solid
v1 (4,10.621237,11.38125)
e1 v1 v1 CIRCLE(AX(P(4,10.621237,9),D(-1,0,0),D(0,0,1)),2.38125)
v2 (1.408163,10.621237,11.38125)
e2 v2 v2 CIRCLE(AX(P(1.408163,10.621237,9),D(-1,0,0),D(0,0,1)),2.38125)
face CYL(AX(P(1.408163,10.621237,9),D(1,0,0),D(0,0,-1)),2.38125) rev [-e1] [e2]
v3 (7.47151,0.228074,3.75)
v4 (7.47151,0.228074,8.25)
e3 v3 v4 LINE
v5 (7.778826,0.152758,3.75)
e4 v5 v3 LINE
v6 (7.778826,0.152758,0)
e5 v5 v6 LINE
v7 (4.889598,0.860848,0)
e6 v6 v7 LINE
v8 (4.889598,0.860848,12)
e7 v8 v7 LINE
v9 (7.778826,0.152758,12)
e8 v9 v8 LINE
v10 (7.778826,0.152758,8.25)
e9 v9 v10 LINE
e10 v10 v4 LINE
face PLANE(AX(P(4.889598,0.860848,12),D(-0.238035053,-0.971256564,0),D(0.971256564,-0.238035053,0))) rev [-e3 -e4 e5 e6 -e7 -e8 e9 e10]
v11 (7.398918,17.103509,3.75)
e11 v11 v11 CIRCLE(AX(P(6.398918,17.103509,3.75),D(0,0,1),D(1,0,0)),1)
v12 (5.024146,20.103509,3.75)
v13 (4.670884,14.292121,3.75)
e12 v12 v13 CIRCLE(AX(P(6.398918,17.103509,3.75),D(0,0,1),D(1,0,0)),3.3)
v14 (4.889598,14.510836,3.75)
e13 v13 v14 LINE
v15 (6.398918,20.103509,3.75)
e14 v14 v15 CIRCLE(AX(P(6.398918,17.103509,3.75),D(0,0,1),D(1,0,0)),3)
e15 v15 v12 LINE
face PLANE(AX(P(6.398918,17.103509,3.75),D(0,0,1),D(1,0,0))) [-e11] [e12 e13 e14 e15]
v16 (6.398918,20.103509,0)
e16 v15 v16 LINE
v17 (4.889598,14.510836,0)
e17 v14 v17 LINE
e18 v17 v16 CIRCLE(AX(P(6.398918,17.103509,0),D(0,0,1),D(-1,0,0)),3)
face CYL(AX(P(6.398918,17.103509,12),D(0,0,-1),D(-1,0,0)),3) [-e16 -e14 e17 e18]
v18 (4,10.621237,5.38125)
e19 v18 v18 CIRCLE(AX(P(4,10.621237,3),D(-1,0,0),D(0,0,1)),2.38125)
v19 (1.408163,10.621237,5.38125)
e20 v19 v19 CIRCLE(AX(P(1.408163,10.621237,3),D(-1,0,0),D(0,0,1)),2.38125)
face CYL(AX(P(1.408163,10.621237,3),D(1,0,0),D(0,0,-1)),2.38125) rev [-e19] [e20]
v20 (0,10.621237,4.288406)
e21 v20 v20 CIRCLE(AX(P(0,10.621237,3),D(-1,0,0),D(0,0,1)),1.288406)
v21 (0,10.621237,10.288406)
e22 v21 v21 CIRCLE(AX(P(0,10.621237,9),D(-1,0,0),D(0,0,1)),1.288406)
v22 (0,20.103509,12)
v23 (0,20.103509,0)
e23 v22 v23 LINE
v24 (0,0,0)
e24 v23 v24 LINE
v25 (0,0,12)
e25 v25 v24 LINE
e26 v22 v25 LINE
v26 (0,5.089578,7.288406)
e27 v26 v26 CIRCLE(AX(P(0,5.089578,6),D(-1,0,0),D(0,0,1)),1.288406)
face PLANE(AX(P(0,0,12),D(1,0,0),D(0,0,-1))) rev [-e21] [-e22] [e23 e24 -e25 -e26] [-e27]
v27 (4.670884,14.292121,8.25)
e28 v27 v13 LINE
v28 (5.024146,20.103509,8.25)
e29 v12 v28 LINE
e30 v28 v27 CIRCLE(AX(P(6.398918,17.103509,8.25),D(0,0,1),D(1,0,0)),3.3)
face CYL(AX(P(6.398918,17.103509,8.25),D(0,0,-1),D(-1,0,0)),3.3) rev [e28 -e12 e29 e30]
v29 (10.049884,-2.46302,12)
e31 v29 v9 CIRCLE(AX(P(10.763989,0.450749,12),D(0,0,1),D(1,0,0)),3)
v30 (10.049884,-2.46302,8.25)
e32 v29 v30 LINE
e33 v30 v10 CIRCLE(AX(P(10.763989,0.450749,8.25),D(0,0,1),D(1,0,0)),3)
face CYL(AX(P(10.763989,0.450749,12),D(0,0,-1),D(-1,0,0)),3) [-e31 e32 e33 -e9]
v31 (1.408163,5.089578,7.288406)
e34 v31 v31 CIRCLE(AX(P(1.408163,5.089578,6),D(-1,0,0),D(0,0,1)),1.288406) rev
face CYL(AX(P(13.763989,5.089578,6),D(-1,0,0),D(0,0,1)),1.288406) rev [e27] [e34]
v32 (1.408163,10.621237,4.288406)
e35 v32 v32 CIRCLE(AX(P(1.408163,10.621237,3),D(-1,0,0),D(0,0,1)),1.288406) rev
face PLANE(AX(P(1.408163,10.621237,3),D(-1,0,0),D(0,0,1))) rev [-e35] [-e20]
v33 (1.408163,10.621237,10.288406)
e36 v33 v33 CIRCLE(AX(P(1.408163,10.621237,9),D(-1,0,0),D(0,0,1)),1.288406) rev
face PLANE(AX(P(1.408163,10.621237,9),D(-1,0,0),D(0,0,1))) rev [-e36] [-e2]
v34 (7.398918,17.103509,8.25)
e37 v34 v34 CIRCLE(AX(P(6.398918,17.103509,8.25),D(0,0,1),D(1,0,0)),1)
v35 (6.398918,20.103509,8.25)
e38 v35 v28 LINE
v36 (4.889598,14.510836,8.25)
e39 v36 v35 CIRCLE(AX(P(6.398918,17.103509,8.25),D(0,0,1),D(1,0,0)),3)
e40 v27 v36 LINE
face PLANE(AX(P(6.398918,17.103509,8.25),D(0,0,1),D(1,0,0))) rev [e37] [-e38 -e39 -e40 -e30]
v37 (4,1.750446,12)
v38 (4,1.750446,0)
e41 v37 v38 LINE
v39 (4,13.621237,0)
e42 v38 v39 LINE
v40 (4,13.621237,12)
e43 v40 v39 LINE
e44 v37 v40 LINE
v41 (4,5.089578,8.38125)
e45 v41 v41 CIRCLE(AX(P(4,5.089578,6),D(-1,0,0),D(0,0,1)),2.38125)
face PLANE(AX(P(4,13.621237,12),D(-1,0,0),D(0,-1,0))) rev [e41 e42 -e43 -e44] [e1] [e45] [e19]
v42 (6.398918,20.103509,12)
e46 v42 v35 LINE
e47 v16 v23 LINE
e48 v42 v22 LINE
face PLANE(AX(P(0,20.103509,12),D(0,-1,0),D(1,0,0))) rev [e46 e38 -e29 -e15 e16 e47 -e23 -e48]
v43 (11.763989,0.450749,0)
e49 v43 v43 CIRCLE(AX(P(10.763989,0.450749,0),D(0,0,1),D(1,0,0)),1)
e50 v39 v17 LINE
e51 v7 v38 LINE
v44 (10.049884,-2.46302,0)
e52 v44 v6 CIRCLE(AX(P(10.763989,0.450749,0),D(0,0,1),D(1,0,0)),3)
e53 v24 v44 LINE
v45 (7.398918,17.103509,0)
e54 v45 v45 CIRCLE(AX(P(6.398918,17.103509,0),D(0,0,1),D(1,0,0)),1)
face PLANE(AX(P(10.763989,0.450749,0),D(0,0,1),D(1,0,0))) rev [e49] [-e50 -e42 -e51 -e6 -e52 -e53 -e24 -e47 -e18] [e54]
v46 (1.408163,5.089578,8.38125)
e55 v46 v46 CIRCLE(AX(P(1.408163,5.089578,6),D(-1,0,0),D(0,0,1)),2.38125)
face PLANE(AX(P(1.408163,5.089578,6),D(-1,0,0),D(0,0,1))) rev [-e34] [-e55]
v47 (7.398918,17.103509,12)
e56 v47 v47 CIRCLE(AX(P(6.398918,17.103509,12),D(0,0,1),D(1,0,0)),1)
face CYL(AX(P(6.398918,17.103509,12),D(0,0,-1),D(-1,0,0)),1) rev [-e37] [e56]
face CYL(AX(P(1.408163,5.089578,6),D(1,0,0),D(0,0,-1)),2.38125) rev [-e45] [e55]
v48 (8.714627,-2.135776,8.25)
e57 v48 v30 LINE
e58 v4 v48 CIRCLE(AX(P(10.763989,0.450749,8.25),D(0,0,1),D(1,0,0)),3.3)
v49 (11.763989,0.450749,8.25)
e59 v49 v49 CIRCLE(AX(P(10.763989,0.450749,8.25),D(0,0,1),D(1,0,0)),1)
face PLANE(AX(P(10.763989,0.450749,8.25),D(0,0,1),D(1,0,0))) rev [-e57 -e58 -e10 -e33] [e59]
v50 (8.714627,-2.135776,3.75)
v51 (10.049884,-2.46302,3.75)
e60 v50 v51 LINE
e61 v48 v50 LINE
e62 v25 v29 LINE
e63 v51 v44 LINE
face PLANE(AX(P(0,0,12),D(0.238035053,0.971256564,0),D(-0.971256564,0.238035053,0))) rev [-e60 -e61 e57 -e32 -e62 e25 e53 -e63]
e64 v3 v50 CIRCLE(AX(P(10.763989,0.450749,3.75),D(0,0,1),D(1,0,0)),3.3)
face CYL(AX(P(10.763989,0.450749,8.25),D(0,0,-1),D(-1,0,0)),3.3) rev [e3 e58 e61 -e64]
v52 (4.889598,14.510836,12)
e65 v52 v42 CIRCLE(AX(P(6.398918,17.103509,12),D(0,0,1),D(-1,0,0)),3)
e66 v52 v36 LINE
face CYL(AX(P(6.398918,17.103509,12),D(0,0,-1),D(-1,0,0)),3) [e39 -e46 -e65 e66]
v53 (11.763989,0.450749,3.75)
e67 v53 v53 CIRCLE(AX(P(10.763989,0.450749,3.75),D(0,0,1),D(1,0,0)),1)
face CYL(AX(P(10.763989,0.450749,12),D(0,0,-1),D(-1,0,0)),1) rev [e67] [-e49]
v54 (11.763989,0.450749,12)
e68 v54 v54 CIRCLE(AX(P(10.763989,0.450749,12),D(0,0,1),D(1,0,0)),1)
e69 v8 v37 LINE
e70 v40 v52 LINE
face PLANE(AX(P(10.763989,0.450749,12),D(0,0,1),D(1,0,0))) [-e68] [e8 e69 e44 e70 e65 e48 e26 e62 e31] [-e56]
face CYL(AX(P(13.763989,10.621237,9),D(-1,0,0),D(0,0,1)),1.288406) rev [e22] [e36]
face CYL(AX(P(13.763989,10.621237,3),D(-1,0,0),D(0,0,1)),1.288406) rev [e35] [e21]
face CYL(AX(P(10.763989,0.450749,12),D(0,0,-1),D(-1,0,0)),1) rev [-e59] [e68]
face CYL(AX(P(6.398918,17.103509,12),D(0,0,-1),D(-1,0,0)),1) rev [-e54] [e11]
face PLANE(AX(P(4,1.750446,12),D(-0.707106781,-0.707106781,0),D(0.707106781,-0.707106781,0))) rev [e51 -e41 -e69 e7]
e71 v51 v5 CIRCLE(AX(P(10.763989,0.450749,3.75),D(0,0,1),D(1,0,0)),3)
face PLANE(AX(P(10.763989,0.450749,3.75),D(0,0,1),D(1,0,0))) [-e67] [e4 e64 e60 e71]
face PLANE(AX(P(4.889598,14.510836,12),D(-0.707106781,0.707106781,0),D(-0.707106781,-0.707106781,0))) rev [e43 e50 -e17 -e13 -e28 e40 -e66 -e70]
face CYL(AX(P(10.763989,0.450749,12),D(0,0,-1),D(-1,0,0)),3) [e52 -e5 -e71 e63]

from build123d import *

# Parameters (mm, degrees)
SKETCH_OPTIMIZATION_PARAMETERS_R = 1
BOSS_EXTRUDE1_DEPTH              = 12
SKETCH2_R                        = 3.3
CUT_EXTRUDE1_DEPTH               = 2.25
CUT_EXTRUDE1_DEPTH_BACK          = 2.25
HOLE_SKETCH_R                    = 1.288405797
SCREW_SHAFT_HOLES_DEPTH          = 5
SCREW_SHAFT_HOLES_DEPTH_BACK     = 10.763989156
SKETCH5_R                        = 2.38125
SCREW_COUNTERBORES_DEPTH         = 2.591836735


with BuildPart() as part:
    # Sketch-optimization parameters → Boss-Extrude1 (new body)
    with BuildSketch(Plane.XY):
        with BuildLine():
            Line((0, 0), (0, 20.103508611))
            Line((0, 20.103508611), (6.398918491, 20.103508611))
            ThreePointArc((6.398918491, 20.103508611), (9.29529716, 16.32184973), (4.889598418, 14.510835682))
            Line((4.889598418, 14.510835682), (4, 13.621237264))
            Line((4, 13.621237264), (4, 1.750446326))
            Line((4, 1.750446326), (4.889598418, 0.860847908))
            Line((4.889598418, 0.860847908), (7.778825692, 0.152757593))
            ThreePointArc((7.778825692, 0.152757593), (13.029319293, 2.417543543), (10.049883998, -2.463020336))
            Line((10.049883998, -2.463020336), (0, 0))
        make_face()
        with Locations((6.398918491, 17.103508611)):
            Circle(SKETCH_OPTIMIZATION_PARAMETERS_R, mode=Mode.SUBTRACT)
        with Locations((10.763989156, 0.450749356)):
            Circle(SKETCH_OPTIMIZATION_PARAMETERS_R, mode=Mode.SUBTRACT)
    extrude(amount=BOSS_EXTRUDE1_DEPTH)

    # Sketch2 → Cut-Extrude1 (cut, two sides)
    with BuildSketch(Plane.XY.offset(6)) as cut_extrude1_sk:
        with Locations((6.398918491, 17.103508611)):
            Circle(SKETCH2_R)
        with Locations((10.763989156, 0.450749356)):
            Circle(SKETCH2_R)
    extrude(amount=CUT_EXTRUDE1_DEPTH, mode=Mode.SUBTRACT)
    extrude(cut_extrude1_sk.sketch, amount=-CUT_EXTRUDE1_DEPTH_BACK, mode=Mode.SUBTRACT)

    # Hole sketch → Screw shaft holes (cut, two sides)
    with BuildSketch(Plane(origin=(4, 36.444645714, 0), x_dir=(0, 0, -1), z_dir=(-1, 0, 0))) as screw_shaft_holes_sk:
        with Locations((-9, 25.823408449)):
            Circle(HOLE_SKETCH_R)
        with Locations((-3, 25.823408449)):
            Circle(HOLE_SKETCH_R)
        with Locations((-6, 31.355067842)):
            Circle(HOLE_SKETCH_R)
    extrude(amount=SCREW_SHAFT_HOLES_DEPTH, mode=Mode.SUBTRACT)
    extrude(screw_shaft_holes_sk.sketch, amount=-SCREW_SHAFT_HOLES_DEPTH_BACK, mode=Mode.SUBTRACT)

    # Sketch5 → Screw counterbores (cut)
    with BuildSketch(Plane(origin=(4, 26.197134063, 0), x_dir=(0, 0, -1), z_dir=(-1, 0, 0))):
        with Locations((-6, 21.107556192)):
            Circle(SKETCH5_R)
        with Locations((-9, 15.575896799)):
            Circle(SKETCH5_R)
        with Locations((-3, 15.575896799)):
            Circle(SKETCH5_R)
    extrude(amount=SCREW_COUNTERBORES_DEPTH, mode=Mode.SUBTRACT)


solid = part.part
